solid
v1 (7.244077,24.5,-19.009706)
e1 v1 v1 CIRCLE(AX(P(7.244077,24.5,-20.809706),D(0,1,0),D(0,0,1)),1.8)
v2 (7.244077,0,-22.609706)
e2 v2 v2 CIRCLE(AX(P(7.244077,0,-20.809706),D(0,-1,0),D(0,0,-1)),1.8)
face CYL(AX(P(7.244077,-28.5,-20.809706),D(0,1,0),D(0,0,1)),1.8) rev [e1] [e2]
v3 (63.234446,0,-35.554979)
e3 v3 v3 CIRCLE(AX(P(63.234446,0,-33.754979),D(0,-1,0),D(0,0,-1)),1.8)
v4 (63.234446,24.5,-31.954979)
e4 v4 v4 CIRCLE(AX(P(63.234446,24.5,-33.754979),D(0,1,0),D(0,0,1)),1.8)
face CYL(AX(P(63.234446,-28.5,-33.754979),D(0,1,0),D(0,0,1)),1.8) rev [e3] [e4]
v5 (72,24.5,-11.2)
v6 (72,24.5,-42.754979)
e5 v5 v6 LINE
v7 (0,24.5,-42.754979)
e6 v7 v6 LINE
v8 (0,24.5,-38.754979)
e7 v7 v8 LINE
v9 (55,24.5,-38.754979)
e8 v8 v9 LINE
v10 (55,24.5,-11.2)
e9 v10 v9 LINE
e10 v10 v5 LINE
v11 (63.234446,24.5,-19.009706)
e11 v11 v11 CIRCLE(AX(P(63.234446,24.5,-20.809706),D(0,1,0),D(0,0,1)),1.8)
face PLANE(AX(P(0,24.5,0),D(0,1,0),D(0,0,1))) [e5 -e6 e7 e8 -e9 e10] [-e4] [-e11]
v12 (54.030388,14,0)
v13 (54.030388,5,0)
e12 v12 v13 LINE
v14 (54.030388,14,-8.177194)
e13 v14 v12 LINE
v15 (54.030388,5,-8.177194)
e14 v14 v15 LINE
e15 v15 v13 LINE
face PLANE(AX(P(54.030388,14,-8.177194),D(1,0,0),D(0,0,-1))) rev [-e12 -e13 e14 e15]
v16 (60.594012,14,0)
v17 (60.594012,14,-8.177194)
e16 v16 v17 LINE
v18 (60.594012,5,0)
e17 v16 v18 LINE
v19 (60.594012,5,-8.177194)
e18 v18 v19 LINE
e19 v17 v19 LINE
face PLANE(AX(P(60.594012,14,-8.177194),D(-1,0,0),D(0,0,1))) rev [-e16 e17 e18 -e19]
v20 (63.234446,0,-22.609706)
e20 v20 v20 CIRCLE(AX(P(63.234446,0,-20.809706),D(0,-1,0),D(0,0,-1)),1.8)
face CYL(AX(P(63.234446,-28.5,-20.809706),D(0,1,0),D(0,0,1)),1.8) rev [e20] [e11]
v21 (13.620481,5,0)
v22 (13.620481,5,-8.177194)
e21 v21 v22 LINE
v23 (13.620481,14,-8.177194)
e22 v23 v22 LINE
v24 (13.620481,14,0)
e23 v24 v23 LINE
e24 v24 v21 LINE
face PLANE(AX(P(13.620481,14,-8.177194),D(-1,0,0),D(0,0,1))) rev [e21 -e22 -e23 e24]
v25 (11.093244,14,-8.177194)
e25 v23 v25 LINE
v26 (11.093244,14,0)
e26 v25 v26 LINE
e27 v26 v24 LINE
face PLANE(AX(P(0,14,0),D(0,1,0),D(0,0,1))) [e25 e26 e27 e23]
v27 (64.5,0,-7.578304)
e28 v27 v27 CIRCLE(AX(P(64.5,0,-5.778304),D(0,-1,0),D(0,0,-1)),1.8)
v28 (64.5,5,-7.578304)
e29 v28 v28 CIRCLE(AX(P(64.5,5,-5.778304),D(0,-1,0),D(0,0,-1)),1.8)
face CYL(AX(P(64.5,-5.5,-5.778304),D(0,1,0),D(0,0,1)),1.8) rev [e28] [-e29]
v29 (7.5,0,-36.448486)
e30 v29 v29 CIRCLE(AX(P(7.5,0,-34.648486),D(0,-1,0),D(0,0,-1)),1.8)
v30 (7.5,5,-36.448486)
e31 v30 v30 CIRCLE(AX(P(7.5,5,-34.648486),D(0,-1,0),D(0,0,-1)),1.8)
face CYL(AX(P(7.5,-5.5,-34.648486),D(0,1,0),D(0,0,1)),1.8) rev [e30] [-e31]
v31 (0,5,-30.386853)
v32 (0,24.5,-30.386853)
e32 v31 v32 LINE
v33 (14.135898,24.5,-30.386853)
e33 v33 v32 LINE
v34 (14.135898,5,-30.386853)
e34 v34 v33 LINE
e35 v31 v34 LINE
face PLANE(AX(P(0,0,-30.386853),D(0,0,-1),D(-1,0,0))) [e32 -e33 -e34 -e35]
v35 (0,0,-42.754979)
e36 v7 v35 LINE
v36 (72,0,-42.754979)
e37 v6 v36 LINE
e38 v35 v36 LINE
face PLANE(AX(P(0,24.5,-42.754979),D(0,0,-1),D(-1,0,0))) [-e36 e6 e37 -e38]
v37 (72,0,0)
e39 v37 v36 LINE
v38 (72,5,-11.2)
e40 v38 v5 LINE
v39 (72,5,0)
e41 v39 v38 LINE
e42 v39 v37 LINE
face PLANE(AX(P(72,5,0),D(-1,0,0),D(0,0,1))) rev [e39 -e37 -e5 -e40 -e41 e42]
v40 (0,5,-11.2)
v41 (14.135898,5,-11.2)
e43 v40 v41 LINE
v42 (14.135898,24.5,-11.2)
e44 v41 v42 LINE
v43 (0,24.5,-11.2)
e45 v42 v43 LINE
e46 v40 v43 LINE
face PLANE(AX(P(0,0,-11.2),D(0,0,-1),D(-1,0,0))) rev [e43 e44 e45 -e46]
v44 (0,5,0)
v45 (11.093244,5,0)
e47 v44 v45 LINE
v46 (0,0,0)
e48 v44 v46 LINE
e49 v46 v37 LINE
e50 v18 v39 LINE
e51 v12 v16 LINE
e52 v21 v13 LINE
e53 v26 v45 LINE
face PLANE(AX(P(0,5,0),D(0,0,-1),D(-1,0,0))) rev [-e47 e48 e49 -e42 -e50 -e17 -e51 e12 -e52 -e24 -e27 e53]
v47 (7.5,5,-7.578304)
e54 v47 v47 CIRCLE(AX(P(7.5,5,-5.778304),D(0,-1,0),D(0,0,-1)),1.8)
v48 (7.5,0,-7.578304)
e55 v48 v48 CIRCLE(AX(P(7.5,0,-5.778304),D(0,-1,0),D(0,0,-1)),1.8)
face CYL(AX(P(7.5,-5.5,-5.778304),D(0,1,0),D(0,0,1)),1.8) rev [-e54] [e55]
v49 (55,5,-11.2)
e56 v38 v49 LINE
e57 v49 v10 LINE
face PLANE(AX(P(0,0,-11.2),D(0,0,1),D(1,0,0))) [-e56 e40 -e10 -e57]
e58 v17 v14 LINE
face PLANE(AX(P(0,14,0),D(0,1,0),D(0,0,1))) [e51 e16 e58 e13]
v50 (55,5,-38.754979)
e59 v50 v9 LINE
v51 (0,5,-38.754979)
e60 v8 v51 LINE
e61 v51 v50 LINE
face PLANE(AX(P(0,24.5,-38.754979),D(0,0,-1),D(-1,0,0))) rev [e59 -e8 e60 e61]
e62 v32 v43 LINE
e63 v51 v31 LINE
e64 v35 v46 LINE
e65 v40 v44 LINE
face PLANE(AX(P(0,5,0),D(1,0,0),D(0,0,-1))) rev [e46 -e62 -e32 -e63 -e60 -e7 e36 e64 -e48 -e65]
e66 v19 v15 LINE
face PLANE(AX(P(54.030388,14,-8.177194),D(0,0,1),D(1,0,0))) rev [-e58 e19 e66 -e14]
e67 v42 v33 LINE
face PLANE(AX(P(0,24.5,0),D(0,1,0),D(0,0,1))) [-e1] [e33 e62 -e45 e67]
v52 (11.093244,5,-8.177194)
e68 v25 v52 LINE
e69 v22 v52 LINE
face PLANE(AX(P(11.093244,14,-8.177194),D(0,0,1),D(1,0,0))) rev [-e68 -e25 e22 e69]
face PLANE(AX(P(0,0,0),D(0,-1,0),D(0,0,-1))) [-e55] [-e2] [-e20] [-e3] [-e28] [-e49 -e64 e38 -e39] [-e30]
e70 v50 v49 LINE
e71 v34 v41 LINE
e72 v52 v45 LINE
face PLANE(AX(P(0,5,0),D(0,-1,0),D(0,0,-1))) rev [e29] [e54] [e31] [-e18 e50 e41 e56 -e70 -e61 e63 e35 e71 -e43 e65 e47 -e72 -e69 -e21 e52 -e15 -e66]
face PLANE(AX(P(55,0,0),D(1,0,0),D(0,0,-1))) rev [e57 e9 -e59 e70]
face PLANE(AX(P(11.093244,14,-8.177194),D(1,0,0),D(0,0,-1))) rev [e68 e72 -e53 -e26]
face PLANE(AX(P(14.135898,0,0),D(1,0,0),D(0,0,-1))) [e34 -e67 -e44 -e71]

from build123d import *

# Parameters (mm, degrees)
SKETCH2_W                = 72
SKETCH2_H                = 40
BOSS_EXTRUDE1_DEPTH      = 5
BOSS_EXTRUDE2_DEPTH      = 19.5
BOSS_EXTRUDE2_DEPTH_BACK = 5
SKETCH3_W                = 14.135898402
SKETCH3_H                = 19.186853455
CUT_EXTRUDE1_START       = 19.5
SKETCH4_R                = 1.8
CUT_EXTRUDE1_DEPTH       = 30
SKETCH8_W                = 2.527236714
SKETCH8_H                = 8.177193873
SKETCH8_W_2              = 6.563624393
BOSS_EXTRUDE7_DEPTH      = 9
SKETCH9_R                = 1.8
CUT_EXTRUDE2_DEPTH       = 53


with BuildPart() as part:
    # Sketch2 → Boss-Extrude1 (new body)
    with BuildSketch(Plane(origin=(0, 0, 0), x_dir=(1, 0, 0), z_dir=(0, 1, 0))):
        with Locations((36, 20)):
            Rectangle(SKETCH2_W, SKETCH2_H)
    extrude(amount=BOSS_EXTRUDE1_DEPTH)

    # Sketch3 → Boss-Extrude2 (add, two sides: drawn at the far end of the back side and taken through both)
    with BuildSketch(Plane(origin=(0, 5, 0), x_dir=(1, 0, 0), z_dir=(0, 1, 0)).offset(-BOSS_EXTRUDE2_DEPTH_BACK)):
        with Locations((7.067949201, 20.793426728)):
            Rectangle(SKETCH3_W, SKETCH3_H)
        Polygon((55, 38.754979203), (55, 11.2), (72, 11.2), (72, 42.754979203), (0, 42.754979203), (0, 38.754979203), align=None)
    extrude(amount=BOSS_EXTRUDE2_DEPTH + BOSS_EXTRUDE2_DEPTH_BACK)

    # Sketch4 → Cut-Extrude1 (cut)
    with BuildSketch(Plane(origin=(0, 5, 0), x_dir=(1, 0, 0), z_dir=(0, 1, 0)).offset(CUT_EXTRUDE1_START)):
        with Locations(Location((7.5, 34.648486257, 0), (0, 0, 90))):
            Circle(SKETCH4_R)
        with Locations(Location((7.5, 5.778304463, 0), (0, 0, 90))):
            Circle(SKETCH4_R)
        with Locations(Location((64.5, 5.778304463, 0), (0, 0, 90))):
            Circle(SKETCH4_R)
    extrude(amount=-CUT_EXTRUDE1_DEPTH, mode=Mode.SUBTRACT)

    # Sketch8 → Boss-Extrude7 (add)
    with BuildSketch(Plane(origin=(0, 5, 0), x_dir=(1, 0, 0), z_dir=(0, 1, 0))):
        with Locations((12.356862163, 4.088596937)):
            Rectangle(SKETCH8_W, SKETCH8_H)
        with Locations((57.312199978, 4.088596937)):
            Rectangle(SKETCH8_W_2, SKETCH8_H)
    extrude(amount=BOSS_EXTRUDE7_DEPTH)

    # Sketch9 → Cut-Extrude2 (cut)
    with BuildSketch(Plane(origin=(0, 24.5, 0), x_dir=(1, 0, 0), z_dir=(0, 1, 0))):
        with Locations(Location((7.244076977, 20.809705714, 0), (0, 0, 270))):
            Circle(SKETCH9_R)
        with Locations(Location((63.234445615, 20.809705714, 0), (0, 0, 270))):
            Circle(SKETCH9_R)
        with Locations(Location((63.234445615, 33.7549792, 0), (0, 0, 270))):
            Circle(SKETCH9_R)
    extrude(amount=-CUT_EXTRUDE2_DEPTH, mode=Mode.SUBTRACT)


solid = part.part
